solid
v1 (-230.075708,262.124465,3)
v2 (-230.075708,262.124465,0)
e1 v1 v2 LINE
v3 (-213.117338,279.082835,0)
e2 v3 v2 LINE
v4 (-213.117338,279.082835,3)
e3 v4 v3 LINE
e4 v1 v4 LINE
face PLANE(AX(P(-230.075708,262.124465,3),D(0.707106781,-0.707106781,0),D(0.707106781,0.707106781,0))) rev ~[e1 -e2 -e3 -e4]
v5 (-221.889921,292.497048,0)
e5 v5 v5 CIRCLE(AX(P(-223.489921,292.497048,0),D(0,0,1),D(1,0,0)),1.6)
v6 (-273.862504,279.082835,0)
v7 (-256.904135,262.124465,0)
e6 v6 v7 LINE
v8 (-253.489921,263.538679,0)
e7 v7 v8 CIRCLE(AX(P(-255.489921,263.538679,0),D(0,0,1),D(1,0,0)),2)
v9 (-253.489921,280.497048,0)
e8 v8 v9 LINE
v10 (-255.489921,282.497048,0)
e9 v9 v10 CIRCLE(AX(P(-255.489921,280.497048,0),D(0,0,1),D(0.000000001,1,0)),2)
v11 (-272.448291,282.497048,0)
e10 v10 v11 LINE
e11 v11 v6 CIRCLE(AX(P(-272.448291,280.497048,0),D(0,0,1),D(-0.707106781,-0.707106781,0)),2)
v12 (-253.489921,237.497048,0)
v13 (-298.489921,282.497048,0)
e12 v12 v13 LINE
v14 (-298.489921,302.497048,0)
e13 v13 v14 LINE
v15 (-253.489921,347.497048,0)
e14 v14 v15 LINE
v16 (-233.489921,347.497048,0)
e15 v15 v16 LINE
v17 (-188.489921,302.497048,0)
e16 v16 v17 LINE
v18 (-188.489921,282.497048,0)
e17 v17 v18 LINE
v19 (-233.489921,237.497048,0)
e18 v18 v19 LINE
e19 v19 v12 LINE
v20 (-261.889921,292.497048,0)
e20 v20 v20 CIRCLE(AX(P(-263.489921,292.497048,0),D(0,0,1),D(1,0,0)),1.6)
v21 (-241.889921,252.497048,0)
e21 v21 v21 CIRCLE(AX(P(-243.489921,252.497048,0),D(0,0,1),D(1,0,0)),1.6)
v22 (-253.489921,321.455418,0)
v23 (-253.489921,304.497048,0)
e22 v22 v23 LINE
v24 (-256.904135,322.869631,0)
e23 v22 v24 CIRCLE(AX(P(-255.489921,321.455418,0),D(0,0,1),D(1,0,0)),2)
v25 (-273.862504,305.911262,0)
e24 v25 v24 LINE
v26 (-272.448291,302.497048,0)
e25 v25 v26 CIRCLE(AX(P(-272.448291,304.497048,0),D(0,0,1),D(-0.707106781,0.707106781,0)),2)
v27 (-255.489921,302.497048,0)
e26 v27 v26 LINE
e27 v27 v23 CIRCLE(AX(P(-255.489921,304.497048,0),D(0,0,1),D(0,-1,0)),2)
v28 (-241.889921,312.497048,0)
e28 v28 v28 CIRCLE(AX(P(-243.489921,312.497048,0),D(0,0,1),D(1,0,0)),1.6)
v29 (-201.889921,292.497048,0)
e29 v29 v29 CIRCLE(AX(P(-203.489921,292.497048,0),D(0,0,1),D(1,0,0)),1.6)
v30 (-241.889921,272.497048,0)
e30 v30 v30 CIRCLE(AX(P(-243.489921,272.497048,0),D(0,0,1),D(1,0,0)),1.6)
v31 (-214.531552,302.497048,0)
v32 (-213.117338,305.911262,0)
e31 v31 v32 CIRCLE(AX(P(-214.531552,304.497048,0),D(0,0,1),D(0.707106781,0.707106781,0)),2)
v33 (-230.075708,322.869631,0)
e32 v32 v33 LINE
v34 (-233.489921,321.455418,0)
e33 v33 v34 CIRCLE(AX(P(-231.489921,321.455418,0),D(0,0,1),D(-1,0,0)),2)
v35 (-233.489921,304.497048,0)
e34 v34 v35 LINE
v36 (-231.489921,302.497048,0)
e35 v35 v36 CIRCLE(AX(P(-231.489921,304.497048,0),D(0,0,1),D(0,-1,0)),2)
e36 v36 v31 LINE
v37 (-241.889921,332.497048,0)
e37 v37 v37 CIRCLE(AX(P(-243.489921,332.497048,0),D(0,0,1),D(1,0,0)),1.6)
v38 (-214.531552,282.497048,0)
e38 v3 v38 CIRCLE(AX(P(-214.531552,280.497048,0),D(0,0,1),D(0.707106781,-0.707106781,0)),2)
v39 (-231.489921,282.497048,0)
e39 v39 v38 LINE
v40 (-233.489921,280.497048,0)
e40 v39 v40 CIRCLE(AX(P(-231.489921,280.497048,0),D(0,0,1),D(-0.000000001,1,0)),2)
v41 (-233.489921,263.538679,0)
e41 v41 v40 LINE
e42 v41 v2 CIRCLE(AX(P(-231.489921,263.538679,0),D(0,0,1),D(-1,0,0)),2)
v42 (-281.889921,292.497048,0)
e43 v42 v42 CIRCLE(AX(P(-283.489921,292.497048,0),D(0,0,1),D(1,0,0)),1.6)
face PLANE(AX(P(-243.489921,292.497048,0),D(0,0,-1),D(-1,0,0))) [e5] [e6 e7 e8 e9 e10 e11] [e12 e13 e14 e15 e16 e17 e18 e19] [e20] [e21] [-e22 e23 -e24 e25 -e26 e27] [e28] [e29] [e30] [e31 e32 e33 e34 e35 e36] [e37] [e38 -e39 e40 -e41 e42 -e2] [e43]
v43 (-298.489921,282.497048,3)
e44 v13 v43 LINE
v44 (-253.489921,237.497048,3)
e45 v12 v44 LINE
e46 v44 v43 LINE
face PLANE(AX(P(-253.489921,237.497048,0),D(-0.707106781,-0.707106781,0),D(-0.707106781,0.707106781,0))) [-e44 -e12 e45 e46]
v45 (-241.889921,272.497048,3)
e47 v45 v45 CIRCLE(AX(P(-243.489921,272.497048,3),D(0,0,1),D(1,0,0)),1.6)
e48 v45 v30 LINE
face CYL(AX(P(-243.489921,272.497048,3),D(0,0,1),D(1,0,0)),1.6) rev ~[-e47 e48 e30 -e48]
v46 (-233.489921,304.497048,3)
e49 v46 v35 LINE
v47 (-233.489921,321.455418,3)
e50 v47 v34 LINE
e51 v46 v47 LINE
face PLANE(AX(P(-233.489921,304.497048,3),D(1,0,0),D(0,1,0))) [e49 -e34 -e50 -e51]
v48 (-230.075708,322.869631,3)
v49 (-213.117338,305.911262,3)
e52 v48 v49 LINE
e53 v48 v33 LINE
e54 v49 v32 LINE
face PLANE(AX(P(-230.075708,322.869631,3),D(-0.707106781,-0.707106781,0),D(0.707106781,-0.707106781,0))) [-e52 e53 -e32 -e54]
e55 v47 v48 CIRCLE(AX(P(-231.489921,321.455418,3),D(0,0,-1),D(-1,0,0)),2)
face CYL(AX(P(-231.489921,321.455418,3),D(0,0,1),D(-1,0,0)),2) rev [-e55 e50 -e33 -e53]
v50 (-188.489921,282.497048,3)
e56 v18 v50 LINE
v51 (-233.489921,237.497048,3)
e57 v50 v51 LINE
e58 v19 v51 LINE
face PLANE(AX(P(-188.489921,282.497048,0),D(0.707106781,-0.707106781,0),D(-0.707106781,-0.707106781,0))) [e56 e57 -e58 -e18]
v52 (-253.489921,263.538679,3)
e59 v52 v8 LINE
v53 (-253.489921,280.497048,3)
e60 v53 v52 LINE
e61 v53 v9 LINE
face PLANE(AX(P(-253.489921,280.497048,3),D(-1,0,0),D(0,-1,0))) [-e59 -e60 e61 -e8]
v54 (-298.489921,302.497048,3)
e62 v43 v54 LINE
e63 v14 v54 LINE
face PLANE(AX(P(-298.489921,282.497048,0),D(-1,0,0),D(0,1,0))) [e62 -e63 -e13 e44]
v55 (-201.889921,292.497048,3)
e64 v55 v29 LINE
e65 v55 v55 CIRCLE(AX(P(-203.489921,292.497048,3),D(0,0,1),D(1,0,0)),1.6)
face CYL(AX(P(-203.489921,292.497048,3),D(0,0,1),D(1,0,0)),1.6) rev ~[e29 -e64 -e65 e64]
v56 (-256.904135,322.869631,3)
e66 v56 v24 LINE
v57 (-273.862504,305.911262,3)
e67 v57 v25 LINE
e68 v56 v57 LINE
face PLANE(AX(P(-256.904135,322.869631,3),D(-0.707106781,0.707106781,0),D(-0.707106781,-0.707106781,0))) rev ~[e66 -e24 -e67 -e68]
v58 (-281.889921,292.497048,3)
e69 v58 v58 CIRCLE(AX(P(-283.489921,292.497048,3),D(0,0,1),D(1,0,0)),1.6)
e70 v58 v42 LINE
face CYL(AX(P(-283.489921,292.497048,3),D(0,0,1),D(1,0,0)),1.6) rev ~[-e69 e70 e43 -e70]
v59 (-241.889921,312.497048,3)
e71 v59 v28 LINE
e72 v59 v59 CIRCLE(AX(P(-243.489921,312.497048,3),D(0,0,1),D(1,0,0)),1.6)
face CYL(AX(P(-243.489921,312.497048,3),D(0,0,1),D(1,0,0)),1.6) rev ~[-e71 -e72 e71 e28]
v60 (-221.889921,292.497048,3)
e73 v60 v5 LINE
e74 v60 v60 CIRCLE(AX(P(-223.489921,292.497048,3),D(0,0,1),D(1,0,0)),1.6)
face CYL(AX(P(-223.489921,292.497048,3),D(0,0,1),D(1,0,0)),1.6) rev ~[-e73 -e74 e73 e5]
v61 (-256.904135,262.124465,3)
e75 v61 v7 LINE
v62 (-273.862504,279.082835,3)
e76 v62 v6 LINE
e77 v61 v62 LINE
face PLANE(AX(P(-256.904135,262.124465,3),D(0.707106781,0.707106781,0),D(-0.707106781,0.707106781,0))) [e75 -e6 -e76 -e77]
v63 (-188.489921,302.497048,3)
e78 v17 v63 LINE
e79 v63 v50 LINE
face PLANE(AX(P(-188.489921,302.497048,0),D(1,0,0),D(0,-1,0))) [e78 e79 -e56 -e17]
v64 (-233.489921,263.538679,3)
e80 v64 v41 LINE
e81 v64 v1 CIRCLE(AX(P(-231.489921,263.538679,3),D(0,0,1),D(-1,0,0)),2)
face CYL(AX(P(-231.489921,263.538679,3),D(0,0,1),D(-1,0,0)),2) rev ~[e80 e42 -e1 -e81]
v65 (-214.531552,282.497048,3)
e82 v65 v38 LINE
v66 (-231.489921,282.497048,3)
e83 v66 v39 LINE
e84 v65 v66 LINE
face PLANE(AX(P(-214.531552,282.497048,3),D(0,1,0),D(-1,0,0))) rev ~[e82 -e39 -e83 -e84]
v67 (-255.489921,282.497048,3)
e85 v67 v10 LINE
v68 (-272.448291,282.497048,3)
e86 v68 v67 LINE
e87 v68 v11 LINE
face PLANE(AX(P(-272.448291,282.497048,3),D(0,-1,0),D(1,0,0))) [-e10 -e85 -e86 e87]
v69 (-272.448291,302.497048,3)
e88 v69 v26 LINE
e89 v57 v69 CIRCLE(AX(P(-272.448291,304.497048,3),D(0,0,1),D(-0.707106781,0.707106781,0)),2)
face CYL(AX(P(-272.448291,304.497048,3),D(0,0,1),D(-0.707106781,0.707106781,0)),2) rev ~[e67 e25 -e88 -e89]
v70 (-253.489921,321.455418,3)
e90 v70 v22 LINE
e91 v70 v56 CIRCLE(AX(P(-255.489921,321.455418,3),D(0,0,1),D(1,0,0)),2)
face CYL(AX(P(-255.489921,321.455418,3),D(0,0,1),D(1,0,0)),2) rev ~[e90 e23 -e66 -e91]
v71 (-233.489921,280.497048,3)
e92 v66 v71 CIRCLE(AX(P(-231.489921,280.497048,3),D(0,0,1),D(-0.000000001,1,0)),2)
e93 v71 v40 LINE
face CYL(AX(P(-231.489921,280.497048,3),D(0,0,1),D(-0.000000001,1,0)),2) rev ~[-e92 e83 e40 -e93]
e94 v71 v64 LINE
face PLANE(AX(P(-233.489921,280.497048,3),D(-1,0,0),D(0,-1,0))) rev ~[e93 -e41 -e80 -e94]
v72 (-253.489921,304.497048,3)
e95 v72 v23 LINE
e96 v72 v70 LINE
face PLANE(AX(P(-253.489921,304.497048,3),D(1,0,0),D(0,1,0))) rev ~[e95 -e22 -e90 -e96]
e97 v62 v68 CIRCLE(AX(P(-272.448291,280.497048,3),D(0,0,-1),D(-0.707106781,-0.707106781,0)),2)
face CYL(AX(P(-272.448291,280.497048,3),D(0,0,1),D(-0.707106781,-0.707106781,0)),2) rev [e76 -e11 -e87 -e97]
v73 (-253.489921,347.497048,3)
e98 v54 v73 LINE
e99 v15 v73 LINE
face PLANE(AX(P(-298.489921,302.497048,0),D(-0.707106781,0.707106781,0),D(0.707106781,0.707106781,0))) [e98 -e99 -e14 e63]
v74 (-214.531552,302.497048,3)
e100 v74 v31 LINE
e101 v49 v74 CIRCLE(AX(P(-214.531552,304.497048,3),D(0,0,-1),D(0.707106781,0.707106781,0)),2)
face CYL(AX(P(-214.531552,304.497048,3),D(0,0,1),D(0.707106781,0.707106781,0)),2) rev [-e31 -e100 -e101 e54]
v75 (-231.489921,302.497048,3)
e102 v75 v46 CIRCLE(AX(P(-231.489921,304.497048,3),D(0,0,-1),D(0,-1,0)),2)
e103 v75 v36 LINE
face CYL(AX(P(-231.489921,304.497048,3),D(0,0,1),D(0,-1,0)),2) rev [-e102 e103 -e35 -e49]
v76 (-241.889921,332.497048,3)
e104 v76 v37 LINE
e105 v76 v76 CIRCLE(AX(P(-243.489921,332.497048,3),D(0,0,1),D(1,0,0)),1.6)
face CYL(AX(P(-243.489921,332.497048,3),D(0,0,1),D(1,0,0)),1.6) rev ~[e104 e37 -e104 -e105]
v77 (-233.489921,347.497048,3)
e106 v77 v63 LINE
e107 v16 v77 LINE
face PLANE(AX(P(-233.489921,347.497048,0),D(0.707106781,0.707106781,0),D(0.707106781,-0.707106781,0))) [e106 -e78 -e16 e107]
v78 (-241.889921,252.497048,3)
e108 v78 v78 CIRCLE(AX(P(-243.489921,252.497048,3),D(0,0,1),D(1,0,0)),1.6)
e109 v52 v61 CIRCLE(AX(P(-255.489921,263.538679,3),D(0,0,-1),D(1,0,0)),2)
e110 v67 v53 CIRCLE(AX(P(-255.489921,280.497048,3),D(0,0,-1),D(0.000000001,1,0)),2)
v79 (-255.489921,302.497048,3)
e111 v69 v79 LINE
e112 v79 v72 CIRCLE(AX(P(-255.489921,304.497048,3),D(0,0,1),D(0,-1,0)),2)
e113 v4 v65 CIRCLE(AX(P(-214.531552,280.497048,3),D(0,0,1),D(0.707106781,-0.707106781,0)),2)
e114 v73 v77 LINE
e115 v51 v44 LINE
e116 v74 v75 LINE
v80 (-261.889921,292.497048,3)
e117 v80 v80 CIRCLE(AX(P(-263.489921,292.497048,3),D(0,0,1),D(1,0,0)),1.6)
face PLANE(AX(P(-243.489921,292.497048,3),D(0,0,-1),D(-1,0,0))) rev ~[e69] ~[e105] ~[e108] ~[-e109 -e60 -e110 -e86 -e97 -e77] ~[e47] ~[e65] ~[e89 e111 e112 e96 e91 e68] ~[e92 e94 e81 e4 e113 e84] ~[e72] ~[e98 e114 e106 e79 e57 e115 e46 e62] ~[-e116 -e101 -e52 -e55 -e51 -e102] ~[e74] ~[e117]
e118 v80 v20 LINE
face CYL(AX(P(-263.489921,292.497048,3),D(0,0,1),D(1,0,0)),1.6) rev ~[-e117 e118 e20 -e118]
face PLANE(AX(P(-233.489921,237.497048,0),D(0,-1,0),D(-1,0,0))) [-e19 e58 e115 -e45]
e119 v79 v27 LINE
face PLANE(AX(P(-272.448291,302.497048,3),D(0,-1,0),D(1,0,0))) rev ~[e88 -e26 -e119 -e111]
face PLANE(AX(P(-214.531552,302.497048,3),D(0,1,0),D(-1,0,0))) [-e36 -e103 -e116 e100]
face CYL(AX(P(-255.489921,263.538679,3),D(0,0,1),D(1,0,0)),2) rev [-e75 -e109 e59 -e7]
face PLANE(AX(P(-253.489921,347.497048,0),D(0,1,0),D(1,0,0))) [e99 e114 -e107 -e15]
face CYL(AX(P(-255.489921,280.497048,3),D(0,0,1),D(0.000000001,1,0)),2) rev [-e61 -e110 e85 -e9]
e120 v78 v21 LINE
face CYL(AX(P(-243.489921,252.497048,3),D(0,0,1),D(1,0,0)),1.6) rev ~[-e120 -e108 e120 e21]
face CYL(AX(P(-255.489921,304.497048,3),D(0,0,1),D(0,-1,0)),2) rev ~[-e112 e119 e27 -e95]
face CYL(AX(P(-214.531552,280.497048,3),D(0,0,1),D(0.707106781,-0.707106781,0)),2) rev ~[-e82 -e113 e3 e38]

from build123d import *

# Parameters (mm, degrees)
EXTRUDE1_DEPTH     = 3
SKETCH2_R          = 1.6
CUT_EXTRUDE1_DEPTH = 3
EXTRUDE2_DEPTH     = 10


with BuildPart() as part:
    # Sketch1 → Extrude1 (new body)
    with BuildSketch(Plane.XY):
        Polygon((-253.489921235, 347.497048214), (-233.489921235, 347.497048214), (-188.489921235, 302.497048214), (-188.489921235, 282.497048214), (-233.489921235, 237.497048214), (-253.489921235, 237.497048214), (-298.489921235, 282.497048214), (-298.489921235, 302.497048214), align=None)
    extrude(amount=EXTRUDE1_DEPTH)

    # Sketch2 → Cut-Extrude1 (cut)
    with BuildSketch(Plane.XY.offset(3)):
        with Locations((-203.489921235, 292.497048214)):
            Circle(SKETCH2_R)
        with Locations((-223.489921235, 292.497048214)):
            Circle(SKETCH2_R)
        with Locations((-243.489921235, 252.497048214)):
            Circle(SKETCH2_R)
        with Locations((-243.489921235, 272.497048214)):
            Circle(SKETCH2_R)
        with Locations((-283.489921235, 292.497048214)):
            Circle(SKETCH2_R)
        with Locations((-263.489921235, 292.497048214)):
            Circle(SKETCH2_R)
        with Locations((-243.489921235, 312.497048214)):
            Circle(SKETCH2_R)
        with Locations((-243.489921235, 332.497048214)):
            Circle(SKETCH2_R)
    extrude(amount=-CUT_EXTRUDE1_DEPTH, mode=Mode.SUBTRACT)

    # Sketch3 → Extrude2 (cut)
    with BuildSketch(Plane.XY.offset(3)):
        with BuildLine():
            Line((-256.904134797, 322.869631216), (-273.862504237, 305.911261776))
            ThreePointArc((-273.862504237, 305.911261776), (-274.29604974, 303.731681349), (-272.448290675, 302.497048214))
            Line((-272.448290675, 302.497048214), (-255.489921235, 302.497048214))
            ThreePointArc((-255.489921235, 302.497048214), (-254.075707673, 303.082834651), (-253.489921235, 304.497048214))
            Line((-253.489921235, 304.497048214), (-253.489921235, 321.455417653))
            ThreePointArc((-253.489921235, 321.455417653), (-254.72455437, 323.303176718), (-256.904134797, 322.869631216))
        make_face()
        with BuildLine():
            Line((-233.489921235, 304.497048214), (-233.489921235, 321.455417653))
            ThreePointArc((-233.489921235, 321.455417653), (-232.2552881, 323.303176718), (-230.075707673, 322.869631216))
            Line((-230.075707673, 322.869631216), (-213.117338233, 305.911261776))
            ThreePointArc((-213.117338233, 305.911261776), (-212.68379273, 303.731681349), (-214.531551795, 302.497048214))
            Line((-214.531551795, 302.497048214), (-231.489921235, 302.497048214))
            ThreePointArc((-231.489921235, 302.497048214), (-232.904134797, 303.082834651), (-233.489921235, 304.497048214))
        make_face()
        with BuildLine():
            Line((-230.075707673, 262.124465212), (-213.117338233, 279.082834651))
            ThreePointArc((-213.117338233, 279.082834651), (-212.68379273, 281.262415078), (-214.531551795, 282.497048214))
            Line((-214.531551795, 282.497048214), (-231.489921235, 282.497048214))
            ThreePointArc((-231.489921235, 282.497048214), (-232.904134797, 281.911261776), (-233.489921235, 280.497048214))
            Line((-233.489921235, 280.497048214), (-233.489921235, 263.538678774))
            ThreePointArc((-233.489921235, 263.538678774), (-232.2552881, 261.690919709), (-230.075707673, 262.124465212))
        make_face()
        with BuildLine():
            Line((-253.489921235, 280.497048214), (-253.489921235, 263.538678774))
            ThreePointArc((-253.489921235, 263.538678774), (-254.72455437, 261.690919709), (-256.904134797, 262.124465212))
            Line((-256.904134797, 262.124465212), (-273.862504237, 279.082834651))
            ThreePointArc((-273.862504237, 279.082834651), (-274.29604974, 281.262415078), (-272.448290675, 282.497048214))
            Line((-272.448290675, 282.497048214), (-255.489921235, 282.497048214))
            ThreePointArc((-255.489921235, 282.497048214), (-254.075707673, 281.911261776), (-253.489921235, 280.497048214))
        make_face()
    extrude(amount=-EXTRUDE2_DEPTH, mode=Mode.SUBTRACT)


solid = part.part
